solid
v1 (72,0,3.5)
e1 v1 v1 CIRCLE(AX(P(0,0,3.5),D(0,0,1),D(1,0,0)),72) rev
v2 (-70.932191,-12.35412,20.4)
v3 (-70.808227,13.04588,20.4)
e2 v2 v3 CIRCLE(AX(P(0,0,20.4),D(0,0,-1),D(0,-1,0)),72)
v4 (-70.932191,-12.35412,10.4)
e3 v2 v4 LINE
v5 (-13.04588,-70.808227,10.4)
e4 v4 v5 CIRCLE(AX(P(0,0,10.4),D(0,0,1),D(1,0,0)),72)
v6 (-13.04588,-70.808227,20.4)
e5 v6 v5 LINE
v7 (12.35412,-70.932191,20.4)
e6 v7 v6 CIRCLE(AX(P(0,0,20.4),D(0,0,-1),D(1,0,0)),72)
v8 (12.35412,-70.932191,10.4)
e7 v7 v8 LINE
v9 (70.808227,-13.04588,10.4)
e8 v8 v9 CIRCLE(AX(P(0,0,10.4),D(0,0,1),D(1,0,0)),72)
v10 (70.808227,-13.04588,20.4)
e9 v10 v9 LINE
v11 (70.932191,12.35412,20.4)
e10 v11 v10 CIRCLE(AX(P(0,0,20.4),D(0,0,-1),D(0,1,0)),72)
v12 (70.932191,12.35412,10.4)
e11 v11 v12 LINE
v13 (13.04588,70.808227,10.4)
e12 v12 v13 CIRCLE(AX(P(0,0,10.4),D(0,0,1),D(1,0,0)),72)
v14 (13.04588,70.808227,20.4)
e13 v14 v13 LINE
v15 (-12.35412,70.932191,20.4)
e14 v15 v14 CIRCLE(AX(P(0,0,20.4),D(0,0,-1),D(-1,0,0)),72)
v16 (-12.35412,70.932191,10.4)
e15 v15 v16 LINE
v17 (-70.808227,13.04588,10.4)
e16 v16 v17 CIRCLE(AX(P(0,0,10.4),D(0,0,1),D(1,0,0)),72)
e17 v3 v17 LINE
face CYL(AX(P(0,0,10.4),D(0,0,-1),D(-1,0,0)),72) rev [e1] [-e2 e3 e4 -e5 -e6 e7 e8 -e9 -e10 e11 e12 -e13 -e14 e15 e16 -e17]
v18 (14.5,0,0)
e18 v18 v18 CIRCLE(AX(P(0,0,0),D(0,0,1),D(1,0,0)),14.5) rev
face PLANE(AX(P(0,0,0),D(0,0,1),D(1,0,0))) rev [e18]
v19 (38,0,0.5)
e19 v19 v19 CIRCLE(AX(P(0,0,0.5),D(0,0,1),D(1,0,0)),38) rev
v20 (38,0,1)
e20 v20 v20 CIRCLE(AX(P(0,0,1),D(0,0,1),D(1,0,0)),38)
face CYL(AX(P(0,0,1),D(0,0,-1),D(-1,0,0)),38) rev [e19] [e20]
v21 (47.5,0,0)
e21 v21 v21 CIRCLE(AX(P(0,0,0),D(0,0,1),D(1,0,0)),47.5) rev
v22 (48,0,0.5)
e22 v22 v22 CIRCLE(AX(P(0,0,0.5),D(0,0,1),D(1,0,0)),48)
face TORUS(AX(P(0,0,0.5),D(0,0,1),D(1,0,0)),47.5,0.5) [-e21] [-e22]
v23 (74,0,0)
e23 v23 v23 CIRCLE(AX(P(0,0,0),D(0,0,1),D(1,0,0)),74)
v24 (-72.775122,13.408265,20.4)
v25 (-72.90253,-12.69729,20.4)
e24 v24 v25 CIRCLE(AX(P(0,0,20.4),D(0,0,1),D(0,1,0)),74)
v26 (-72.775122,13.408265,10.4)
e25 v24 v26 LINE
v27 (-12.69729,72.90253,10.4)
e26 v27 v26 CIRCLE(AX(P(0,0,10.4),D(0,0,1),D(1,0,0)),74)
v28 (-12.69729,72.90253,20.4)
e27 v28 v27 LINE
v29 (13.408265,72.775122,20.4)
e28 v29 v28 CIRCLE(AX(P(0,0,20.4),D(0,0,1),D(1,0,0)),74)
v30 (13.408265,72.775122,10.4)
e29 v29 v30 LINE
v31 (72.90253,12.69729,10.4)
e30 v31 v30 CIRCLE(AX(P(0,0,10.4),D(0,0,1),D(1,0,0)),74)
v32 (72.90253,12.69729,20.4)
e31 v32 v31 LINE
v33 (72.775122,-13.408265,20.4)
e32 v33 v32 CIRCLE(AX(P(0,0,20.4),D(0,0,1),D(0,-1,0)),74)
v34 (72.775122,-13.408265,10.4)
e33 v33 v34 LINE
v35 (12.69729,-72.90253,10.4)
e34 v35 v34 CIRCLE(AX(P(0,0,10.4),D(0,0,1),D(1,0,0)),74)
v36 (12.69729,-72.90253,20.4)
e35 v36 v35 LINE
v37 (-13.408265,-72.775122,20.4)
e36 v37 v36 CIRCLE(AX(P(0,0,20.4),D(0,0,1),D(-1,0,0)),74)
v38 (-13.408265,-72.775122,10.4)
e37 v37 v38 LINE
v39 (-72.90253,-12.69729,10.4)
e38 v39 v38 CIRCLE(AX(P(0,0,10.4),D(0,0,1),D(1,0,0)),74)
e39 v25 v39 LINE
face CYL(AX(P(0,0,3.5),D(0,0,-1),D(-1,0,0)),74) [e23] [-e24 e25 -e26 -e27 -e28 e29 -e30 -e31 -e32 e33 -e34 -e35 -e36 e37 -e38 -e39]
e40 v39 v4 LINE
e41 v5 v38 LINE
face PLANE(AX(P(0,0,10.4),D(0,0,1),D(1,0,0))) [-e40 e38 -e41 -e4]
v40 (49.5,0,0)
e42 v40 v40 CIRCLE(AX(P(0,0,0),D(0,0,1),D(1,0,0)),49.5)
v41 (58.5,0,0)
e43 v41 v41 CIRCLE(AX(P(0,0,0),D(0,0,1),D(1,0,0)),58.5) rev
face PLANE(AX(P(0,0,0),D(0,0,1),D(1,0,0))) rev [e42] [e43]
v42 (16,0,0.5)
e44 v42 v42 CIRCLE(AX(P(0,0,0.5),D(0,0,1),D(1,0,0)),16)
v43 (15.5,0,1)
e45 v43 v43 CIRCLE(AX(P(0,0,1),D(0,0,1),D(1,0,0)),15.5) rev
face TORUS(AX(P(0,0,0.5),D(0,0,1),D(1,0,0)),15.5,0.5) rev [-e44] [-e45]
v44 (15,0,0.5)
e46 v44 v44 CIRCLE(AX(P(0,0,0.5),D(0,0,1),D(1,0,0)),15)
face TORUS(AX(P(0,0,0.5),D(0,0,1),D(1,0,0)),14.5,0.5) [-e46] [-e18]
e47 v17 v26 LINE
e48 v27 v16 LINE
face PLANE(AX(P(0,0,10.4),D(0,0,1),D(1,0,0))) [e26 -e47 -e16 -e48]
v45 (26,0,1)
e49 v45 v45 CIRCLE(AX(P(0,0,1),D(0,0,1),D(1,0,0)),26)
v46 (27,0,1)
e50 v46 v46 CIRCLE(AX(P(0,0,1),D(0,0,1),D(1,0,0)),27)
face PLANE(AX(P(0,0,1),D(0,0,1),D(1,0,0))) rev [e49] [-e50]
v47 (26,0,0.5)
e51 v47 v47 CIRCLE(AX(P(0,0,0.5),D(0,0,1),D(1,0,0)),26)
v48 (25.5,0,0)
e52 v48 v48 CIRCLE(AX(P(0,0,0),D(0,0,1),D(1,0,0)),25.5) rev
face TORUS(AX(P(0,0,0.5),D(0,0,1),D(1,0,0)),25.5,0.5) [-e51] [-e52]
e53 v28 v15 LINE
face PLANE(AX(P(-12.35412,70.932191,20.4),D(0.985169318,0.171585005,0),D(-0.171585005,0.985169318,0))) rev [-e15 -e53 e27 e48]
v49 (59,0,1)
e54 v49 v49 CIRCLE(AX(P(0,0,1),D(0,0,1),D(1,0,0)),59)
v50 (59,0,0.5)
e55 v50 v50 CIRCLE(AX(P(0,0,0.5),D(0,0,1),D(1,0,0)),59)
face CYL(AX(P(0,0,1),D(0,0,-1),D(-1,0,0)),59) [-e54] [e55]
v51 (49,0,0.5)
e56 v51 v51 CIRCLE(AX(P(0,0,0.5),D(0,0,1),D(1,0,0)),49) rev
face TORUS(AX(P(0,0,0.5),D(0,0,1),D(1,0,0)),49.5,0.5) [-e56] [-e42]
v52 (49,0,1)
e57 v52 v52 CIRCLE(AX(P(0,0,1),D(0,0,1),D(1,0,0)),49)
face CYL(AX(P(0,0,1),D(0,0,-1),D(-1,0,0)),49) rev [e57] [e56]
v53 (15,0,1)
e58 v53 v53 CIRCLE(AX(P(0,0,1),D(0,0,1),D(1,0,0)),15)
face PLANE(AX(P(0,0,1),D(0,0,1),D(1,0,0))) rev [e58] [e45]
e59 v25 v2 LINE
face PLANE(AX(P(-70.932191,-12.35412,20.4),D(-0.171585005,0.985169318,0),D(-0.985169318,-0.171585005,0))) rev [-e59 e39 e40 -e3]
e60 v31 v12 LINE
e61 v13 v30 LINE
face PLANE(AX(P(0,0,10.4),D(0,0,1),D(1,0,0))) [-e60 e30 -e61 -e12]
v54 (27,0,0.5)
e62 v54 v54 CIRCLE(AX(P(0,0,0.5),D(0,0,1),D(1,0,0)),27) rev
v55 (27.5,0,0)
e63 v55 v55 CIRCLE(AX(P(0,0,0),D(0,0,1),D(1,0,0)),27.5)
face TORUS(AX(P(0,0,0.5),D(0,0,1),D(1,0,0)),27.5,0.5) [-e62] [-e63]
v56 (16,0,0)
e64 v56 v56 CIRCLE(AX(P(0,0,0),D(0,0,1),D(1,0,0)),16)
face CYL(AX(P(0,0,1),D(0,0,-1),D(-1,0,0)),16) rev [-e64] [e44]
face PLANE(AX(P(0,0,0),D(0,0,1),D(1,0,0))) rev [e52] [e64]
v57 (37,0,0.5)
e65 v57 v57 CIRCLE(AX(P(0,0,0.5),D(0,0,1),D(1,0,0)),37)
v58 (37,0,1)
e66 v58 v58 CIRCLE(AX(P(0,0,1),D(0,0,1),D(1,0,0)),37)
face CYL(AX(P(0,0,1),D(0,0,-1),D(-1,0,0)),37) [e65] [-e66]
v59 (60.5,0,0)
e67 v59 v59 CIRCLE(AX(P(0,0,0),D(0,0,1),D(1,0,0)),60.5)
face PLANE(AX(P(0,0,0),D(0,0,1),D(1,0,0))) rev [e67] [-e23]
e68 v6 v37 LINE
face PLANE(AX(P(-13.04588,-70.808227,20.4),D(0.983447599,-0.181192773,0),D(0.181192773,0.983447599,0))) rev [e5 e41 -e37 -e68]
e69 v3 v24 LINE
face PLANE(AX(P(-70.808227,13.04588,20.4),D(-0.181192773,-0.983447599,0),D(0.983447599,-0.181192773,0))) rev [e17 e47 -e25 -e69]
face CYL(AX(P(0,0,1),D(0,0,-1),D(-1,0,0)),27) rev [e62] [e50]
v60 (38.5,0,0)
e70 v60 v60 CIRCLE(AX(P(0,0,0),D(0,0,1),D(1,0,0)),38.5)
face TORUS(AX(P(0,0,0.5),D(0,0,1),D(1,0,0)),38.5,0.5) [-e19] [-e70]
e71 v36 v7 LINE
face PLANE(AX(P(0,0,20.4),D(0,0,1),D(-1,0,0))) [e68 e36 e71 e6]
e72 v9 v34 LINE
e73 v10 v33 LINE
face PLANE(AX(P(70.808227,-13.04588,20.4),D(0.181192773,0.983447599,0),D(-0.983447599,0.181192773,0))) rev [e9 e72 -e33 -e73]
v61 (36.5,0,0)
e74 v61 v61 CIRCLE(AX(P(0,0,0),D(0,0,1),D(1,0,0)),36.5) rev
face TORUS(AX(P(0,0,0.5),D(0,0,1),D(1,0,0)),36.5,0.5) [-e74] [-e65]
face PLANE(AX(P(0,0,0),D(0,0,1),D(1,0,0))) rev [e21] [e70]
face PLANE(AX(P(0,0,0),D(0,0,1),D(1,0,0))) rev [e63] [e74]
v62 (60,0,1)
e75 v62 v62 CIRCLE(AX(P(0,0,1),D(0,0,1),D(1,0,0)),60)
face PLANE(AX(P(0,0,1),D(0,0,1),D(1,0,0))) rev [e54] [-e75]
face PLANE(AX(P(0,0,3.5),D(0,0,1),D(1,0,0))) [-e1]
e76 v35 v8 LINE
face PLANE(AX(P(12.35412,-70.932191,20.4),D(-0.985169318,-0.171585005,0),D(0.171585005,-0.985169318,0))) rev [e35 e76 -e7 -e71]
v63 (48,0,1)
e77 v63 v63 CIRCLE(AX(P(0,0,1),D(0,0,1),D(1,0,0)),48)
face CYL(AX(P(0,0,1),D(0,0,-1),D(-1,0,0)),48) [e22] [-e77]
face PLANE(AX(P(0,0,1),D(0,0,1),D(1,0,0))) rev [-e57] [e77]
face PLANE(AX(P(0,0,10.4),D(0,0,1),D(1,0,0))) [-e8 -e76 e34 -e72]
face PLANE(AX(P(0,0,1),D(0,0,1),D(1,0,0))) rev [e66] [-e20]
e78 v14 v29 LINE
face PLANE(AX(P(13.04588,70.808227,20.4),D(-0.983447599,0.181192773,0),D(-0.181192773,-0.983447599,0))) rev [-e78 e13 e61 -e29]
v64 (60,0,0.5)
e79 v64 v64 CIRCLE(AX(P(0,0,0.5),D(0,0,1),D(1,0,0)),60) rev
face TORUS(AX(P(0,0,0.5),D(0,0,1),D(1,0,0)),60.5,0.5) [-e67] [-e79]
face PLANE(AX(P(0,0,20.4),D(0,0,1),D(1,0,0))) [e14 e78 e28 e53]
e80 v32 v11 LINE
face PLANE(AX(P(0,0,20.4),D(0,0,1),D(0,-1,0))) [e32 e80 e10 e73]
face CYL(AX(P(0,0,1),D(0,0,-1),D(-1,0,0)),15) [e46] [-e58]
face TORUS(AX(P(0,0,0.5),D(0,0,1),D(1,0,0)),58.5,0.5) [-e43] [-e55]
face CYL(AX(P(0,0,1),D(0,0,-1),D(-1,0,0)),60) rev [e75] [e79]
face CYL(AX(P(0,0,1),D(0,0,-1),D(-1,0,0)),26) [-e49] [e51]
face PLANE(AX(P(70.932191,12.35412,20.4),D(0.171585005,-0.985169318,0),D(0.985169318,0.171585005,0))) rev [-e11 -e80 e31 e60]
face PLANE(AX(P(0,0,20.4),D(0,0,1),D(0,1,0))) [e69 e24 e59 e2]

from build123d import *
from build123d.topology import SkipClean

# Parameters (mm, degrees)
SKETCH1_R           = 74
BOSS_EXTRUDE1_DEPTH = 3.5
SKETCH3_R           = 74
SKETCH3_R_2         = 72
BOSS_EXTRUDE2_DEPTH = 10.4
BOSS_EXTRUDE3_DEPTH = 10
CIRPATTERN1_COUNT   = 4
SKETCH2_R           = 16
SKETCH2_R_2         = 15
CUT_EXTRUDE1_DEPTH  = 1
SKETCH2_3_R         = 27
SKETCH2_3_R_2       = 26
CUT_EXTRUDE2_DEPTH  = 1
SKETCH2_4_R         = 38
SKETCH2_4_R_2       = 37
CUT_EXTRUDE3_DEPTH  = 1
SKETCH2_5_R         = 49
SKETCH2_5_R_2       = 48
CUT_EXTRUDE4_DEPTH  = 1
SKETCH2_6_R         = 60
SKETCH2_6_R_2       = 59
CUT_EXTRUDE5_DEPTH  = 1
FILLET1_R           = 0.5


with BuildPart() as part:
    # Sketch1 → Boss-Extrude1 (new body)
    with BuildSketch(Plane.XY):
        Circle(SKETCH1_R)
    extrude(amount=BOSS_EXTRUDE1_DEPTH)

    # Sketch3 → Boss-Extrude2 (add)
    with BuildSketch(Plane.XY):
        Circle(SKETCH3_R)
        Circle(SKETCH3_R_2, mode=Mode.SUBTRACT)
    extrude(amount=BOSS_EXTRUDE2_DEPTH)

    # Sketch5 → Boss-Extrude3 (add)
    with SkipClean():  # the faces are left unmerged after this step: merging them gives an invalid solid
        with BuildSketch(Plane.XY.offset(10.4)):
            with BuildLine():
                Line((-12.354120349, 70.932190932), (-12.697290359, 72.902529569))
                ThreePointArc((-12.697290359, 72.902529569), (0.361150189, 73.999118715), (13.408265197, 72.775122291))
                Line((13.408265197, 72.775122291), (13.045879651, 70.808227094))
                ThreePointArc((13.045879651, 70.808227094), (0.351389373, 71.999142533), (-12.354120349, 70.932190932))
            make_face()
        boss_extrude3 = extrude(amount=BOSS_EXTRUDE3_DEPTH)

    # CirPattern1: Boss-Extrude3 ×4 about axis
    with SkipClean():  # the faces are left unmerged after this step: merging them gives an invalid solid
        cirpattern1_axis = Axis((0, 0, 3.5), (0, 0, 1))
        for i in range(1, CIRPATTERN1_COUNT):
            add(boss_extrude3.rotate(cirpattern1_axis, i * 360 / CIRPATTERN1_COUNT))

    # Sketch2 → Cut-Extrude1 (cut)
    with SkipClean():  # the faces are left unmerged after this step: merging them gives an invalid solid
        with BuildSketch(Plane.XY):
            Circle(SKETCH2_R)
            Circle(SKETCH2_R_2, mode=Mode.SUBTRACT)
        extrude(amount=CUT_EXTRUDE1_DEPTH, mode=Mode.SUBTRACT)

    # Sketch2<3> → Cut-Extrude2 (cut)
    with SkipClean():  # the faces are left unmerged after this step: merging them gives an invalid solid
        with BuildSketch(Plane.XY):
            Circle(SKETCH2_3_R)
            Circle(SKETCH2_3_R_2, mode=Mode.SUBTRACT)
        extrude(amount=CUT_EXTRUDE2_DEPTH, mode=Mode.SUBTRACT)

    # Sketch2<4> → Cut-Extrude3 (cut)
    with SkipClean():  # the faces are left unmerged after this step: merging them gives an invalid solid
        with BuildSketch(Plane.XY):
            Circle(SKETCH2_4_R)
            Circle(SKETCH2_4_R_2, mode=Mode.SUBTRACT)
        extrude(amount=CUT_EXTRUDE3_DEPTH, mode=Mode.SUBTRACT)

    # Sketch2<5> → Cut-Extrude4 (cut)
    with SkipClean():  # the faces are left unmerged after this step: merging them gives an invalid solid
        with BuildSketch(Plane.XY):
            Circle(SKETCH2_5_R)
            Circle(SKETCH2_5_R_2, mode=Mode.SUBTRACT)
        extrude(amount=CUT_EXTRUDE4_DEPTH, mode=Mode.SUBTRACT)

    # Sketch2<6> → Cut-Extrude5 (cut)
    with SkipClean():  # the faces are left unmerged after this step: merging them gives an invalid solid
        with BuildSketch(Plane.XY):
            Circle(SKETCH2_6_R)
            Circle(SKETCH2_6_R_2, mode=Mode.SUBTRACT)
        extrude(amount=CUT_EXTRUDE5_DEPTH, mode=Mode.SUBTRACT)

    # Fillet1
    fillet1_edges = [part.edges().sort_by_distance(p)[0] for p in [
        (-16, 0, 1),
        (-15, 0, 0),
        (-26, 0, 0),
        (-27, 0, 0),
        (-37, 0, 0),
        (-38, 0, 0),
        (-48, 0, 0),
        (-49, 0, 0),
        (-59, 0, 0),
        (-60, 0, 0),
    ]]
    fillet(fillet1_edges, radius=FILLET1_R)


solid = part.part
